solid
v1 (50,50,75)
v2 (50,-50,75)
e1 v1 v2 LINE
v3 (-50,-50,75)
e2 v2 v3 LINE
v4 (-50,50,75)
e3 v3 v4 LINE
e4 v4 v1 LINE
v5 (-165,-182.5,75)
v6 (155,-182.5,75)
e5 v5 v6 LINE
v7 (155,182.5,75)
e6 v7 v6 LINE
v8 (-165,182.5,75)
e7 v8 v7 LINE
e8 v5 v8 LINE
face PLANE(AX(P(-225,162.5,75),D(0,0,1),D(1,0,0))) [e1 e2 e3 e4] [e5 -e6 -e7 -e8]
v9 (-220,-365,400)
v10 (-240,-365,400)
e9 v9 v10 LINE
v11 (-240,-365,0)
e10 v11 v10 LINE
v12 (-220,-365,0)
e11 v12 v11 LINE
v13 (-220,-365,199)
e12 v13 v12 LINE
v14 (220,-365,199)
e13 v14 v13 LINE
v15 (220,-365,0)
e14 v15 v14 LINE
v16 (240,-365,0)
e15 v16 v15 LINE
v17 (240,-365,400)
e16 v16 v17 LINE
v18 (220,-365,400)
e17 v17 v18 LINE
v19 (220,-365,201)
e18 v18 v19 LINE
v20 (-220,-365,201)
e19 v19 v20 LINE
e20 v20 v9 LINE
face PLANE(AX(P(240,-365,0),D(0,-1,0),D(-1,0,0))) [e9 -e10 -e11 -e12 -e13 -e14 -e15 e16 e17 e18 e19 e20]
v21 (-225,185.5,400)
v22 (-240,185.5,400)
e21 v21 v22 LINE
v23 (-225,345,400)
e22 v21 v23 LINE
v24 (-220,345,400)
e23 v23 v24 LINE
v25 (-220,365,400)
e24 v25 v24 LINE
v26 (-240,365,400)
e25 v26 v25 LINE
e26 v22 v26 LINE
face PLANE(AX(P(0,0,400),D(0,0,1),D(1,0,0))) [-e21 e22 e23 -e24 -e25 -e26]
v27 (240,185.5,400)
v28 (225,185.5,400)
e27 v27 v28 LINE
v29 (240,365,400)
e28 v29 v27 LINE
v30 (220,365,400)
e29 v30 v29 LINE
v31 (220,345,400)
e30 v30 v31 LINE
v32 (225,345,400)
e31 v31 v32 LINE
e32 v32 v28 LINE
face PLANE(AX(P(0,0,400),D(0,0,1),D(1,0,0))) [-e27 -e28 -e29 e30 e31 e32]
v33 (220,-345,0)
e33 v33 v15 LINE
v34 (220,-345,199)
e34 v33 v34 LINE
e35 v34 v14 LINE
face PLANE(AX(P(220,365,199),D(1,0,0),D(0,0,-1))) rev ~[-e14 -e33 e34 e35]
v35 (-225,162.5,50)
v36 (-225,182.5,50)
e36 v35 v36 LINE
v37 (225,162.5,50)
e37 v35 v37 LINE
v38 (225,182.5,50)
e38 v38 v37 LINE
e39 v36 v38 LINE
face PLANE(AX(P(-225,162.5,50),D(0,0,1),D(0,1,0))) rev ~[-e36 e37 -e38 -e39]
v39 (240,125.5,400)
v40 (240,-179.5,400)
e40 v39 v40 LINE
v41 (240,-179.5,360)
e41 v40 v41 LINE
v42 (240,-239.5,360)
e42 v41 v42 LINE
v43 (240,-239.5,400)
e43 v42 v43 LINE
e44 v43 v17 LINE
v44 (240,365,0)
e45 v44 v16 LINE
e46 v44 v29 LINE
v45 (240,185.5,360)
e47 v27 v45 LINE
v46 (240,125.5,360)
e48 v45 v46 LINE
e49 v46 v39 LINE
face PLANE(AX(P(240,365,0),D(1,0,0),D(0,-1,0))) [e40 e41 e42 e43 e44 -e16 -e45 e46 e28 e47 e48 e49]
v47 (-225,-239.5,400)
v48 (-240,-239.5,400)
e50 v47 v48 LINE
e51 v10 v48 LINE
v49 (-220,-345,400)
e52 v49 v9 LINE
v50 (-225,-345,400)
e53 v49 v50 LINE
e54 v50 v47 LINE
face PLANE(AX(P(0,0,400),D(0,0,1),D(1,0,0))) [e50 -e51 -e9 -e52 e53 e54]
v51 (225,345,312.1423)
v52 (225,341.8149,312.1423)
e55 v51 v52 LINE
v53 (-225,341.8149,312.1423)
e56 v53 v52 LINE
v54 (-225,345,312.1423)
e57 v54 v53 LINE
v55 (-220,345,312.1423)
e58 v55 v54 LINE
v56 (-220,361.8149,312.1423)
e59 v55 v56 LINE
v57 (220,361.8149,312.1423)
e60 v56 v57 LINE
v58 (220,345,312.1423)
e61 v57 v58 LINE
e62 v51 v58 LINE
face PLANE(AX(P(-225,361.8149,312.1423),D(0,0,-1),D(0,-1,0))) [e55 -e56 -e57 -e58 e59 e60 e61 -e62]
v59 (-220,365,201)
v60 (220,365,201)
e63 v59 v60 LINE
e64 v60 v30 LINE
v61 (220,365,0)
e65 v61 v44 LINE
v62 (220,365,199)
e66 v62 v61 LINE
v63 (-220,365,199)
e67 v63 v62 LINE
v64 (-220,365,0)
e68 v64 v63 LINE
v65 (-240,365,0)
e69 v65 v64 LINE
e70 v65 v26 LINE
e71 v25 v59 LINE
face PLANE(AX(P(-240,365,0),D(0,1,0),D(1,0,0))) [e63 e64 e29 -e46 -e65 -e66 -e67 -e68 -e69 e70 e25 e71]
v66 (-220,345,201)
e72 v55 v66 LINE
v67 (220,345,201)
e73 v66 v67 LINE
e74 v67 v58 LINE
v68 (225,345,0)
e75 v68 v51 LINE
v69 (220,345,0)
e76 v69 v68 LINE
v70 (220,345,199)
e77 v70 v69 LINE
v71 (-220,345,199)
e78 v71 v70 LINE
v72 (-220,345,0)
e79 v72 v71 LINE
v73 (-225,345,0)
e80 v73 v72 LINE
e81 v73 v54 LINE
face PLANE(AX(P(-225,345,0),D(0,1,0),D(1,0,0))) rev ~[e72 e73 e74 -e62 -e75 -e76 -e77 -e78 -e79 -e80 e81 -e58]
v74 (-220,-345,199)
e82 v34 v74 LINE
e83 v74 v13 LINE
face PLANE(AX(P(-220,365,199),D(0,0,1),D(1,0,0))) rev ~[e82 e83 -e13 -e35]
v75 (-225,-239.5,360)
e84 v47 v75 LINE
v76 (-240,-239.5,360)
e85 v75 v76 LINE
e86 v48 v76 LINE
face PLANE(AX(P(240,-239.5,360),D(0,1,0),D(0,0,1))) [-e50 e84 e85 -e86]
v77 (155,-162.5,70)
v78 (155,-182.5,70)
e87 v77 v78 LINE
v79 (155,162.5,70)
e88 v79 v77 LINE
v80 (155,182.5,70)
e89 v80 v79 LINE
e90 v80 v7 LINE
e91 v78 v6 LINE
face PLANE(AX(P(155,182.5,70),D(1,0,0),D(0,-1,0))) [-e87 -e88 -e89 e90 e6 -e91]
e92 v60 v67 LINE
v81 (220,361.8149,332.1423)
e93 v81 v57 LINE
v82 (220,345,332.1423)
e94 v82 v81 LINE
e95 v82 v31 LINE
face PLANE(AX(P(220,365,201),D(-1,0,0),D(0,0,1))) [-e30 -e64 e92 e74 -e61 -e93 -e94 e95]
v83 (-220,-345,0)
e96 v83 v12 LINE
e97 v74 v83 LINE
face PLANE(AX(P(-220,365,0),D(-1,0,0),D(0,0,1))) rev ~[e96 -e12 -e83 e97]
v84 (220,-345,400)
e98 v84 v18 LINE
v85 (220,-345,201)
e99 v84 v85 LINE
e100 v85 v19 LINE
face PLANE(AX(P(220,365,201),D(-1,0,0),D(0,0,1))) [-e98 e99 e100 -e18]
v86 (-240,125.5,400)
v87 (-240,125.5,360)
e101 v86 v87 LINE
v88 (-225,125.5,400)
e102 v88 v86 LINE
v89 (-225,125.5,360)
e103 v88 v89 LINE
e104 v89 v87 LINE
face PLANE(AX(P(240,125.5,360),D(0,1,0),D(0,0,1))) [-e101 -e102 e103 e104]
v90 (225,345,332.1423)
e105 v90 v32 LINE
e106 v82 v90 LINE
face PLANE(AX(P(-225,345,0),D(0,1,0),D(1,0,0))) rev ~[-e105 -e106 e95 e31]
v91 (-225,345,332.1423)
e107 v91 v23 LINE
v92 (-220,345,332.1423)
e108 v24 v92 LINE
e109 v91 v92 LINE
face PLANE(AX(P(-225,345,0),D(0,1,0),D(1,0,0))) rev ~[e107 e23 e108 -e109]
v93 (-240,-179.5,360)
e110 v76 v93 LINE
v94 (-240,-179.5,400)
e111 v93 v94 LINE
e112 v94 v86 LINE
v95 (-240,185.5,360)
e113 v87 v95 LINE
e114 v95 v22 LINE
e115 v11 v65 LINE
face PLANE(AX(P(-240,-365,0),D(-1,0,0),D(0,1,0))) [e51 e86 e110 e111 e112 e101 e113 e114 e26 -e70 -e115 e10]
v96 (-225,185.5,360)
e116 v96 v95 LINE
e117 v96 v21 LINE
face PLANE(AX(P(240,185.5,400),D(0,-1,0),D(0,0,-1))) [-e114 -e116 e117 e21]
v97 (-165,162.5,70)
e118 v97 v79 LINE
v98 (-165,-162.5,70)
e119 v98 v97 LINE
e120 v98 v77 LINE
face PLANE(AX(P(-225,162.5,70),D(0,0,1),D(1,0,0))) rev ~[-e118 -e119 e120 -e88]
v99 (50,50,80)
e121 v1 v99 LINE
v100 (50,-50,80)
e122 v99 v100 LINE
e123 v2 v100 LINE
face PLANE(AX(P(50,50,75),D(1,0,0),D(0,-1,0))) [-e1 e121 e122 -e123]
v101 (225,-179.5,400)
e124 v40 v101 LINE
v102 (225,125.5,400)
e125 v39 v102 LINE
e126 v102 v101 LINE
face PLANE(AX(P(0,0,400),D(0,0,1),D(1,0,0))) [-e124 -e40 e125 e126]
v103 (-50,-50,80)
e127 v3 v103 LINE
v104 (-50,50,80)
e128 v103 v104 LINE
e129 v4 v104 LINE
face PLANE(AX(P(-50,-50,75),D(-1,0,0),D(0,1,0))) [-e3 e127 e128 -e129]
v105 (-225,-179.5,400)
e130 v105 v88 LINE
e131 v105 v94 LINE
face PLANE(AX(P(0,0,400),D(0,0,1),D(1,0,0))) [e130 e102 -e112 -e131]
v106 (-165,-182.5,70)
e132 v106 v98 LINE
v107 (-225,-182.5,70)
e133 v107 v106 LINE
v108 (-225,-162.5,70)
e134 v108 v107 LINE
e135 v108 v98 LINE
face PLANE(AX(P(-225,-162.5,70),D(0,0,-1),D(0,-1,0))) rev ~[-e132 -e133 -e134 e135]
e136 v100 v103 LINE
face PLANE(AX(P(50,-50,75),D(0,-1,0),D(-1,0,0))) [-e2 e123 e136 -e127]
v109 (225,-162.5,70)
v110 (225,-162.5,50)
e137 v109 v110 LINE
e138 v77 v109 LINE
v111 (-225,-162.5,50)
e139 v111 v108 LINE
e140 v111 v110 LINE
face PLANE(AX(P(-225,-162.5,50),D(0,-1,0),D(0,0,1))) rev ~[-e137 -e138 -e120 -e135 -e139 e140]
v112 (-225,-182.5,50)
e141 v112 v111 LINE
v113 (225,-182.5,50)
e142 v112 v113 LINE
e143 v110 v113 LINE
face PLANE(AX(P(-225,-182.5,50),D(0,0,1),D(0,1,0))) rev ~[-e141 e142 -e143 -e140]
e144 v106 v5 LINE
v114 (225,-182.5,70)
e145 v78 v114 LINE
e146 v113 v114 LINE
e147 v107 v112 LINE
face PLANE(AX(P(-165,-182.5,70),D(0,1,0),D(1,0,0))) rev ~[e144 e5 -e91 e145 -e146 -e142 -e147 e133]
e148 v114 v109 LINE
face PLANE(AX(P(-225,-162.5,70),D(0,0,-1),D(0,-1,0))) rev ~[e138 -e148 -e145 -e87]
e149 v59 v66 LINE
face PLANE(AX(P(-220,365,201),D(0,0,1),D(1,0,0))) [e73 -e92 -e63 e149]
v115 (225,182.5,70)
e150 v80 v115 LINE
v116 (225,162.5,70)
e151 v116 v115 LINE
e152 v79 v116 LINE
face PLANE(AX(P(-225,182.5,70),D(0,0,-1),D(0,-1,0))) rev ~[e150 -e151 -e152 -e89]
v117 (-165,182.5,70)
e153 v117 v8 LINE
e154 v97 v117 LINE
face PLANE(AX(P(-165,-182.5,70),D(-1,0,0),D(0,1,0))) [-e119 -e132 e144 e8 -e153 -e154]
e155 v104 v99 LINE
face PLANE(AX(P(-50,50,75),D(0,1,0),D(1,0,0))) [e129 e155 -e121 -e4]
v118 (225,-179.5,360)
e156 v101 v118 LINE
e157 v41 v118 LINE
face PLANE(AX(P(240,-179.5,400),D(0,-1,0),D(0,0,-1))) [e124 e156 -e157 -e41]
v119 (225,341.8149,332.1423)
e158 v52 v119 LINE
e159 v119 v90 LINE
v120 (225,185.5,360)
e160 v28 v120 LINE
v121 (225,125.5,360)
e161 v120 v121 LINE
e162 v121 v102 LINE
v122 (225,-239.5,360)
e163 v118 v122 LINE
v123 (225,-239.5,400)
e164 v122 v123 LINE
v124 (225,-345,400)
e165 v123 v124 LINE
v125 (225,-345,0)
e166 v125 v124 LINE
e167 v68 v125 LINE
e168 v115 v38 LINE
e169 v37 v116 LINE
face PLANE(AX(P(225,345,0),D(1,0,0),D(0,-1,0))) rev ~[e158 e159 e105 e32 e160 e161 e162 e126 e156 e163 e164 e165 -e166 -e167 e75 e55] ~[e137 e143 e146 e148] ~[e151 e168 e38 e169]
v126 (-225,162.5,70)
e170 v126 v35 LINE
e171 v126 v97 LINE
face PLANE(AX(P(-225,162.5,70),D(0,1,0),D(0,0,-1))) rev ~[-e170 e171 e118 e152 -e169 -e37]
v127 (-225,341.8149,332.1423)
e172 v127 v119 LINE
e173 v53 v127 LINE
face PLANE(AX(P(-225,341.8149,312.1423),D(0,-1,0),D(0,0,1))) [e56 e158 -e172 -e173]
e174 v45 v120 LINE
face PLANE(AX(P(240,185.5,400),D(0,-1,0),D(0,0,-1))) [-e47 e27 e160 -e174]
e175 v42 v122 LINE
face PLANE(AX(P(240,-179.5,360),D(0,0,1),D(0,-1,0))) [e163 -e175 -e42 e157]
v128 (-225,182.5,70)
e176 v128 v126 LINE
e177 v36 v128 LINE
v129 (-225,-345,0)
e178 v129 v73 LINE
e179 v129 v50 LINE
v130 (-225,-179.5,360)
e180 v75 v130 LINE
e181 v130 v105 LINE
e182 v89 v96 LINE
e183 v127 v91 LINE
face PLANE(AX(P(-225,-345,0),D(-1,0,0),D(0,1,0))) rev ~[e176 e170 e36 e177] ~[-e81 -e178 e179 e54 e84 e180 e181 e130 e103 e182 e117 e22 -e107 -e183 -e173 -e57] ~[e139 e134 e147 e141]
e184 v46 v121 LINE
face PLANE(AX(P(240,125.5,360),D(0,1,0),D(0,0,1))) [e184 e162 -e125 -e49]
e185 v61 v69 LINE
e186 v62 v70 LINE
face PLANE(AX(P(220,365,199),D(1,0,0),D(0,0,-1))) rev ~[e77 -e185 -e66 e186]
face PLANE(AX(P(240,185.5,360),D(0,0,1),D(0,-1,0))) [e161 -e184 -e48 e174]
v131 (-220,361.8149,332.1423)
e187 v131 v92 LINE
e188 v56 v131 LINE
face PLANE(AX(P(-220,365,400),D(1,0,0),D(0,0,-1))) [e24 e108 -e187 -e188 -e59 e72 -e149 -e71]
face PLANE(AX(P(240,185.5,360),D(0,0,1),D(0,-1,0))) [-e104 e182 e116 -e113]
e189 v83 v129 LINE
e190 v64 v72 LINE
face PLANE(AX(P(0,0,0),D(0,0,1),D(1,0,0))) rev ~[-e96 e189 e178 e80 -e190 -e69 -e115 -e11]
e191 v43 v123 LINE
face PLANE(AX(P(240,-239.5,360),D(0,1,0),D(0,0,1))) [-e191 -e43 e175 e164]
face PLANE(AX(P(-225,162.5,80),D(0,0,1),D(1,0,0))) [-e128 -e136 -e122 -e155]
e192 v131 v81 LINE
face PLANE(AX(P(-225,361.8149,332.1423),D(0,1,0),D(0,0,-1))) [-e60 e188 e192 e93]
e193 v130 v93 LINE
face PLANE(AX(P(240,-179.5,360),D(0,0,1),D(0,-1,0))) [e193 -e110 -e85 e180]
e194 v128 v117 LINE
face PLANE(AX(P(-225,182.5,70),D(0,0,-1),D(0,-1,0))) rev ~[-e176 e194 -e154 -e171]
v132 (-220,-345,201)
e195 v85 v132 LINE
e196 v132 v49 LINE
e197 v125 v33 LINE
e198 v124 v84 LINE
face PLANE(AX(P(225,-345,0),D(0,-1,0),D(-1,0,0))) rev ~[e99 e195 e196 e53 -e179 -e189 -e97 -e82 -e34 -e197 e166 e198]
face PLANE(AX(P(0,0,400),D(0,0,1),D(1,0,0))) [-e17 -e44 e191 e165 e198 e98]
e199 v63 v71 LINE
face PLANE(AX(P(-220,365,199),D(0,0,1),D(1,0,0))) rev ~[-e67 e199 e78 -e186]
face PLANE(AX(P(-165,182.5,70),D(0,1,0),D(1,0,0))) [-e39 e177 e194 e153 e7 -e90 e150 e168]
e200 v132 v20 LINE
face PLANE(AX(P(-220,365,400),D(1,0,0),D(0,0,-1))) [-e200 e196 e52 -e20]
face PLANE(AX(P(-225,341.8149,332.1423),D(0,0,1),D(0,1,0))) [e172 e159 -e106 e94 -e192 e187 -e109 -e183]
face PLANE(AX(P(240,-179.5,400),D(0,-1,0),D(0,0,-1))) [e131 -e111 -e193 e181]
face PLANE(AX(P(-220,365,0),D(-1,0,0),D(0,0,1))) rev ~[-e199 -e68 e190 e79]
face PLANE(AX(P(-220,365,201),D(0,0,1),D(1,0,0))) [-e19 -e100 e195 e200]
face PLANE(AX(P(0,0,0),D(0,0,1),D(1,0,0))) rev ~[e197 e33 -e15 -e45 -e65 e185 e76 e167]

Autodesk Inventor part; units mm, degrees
ref_plane "YZ Plane" through (0, 0, 0) normal (1, 0, 0) x (0, 1, 0)
ref_plane "XZ Plane" through (0, 0, 0) normal (0, 1, 0) x (-1, 0, 0)
ref_plane "XY Plane" through (0, 0, 0) normal (0, 0, 1) x (1, 0, 0)
sketch "Sketch1" plane through (0, 0, 0) normal (0, 0, 1) x (1, 0, 0)
  line L0 (-240, 365) -> (240, 365)
  line L1 (240, 365) -> (240, -365)
  line L2 (240, -365) -> (-240, -365)
  line L3 (-240, -365) -> (-240, 365)
  line L4 (-225, 345) -> (225, 345)
  line L5 (225, 345) -> (225, -345)
  line L6 (225, -345) -> (-225, -345)
  line L7 (-225, -345) -> (-225, 345)
  point P0 (0, 0)
  dimension "d0" = 480
  dimension "d1" = 730
  dimension "d2" = 450
  dimension "d3" = 690
extrude "Extrusion1" add sketch "Sketch1" along normal blind 400
sketch "Sketch2" plane through (-240, 365, 0) normal (0, 1, 0) x (1, 0, 0)
  line L0 (20, 0) -> (20, -199)
  line L1 (20, 0) -> (219, 0) construction
  line L2 (20, -199) -> (460, -199)
  line L3 (460, -199) -> (460, 0)
  line L4 (15, 0) -> (465, 0) projected
  line L5 (465, -400) -> (15, -400) projected
  line L6 (20, -400) -> (20, -201)
  line L7 (15, 0) -> (15, -400) projected
  line L8 (20, -201) -> (460, -201)
  line L9 (20, -201) -> (460, -201) construction
  line L10 (460, -201) -> (460, -400)
  point P0 (240, 0)
extrude "Extrusion2" cut sketch "Sketch2" against normal blind 740 contours L4 L3 L2 L0
sketch "Sketch3" plane through (-240, 365, 400) normal (0, 1, 0) x (1, 0, 0)
  line L0 (20, 0) -> (20, 199)
  line L1 (20, 199) -> (460, 199)
  line L2 (460, 199) -> (460, 0)
  line L3 (15, 0) -> (465, 0) projected
  point P0 (240, 400)
  dimension "d15" = 199
  dimension "d16" = 440
extrude "Extrusion3" cut sketch "Sketch3" against normal blind 740
sketch "Sketch8" plane through (-225, -345, 0) normal (1, 0, 0) x (0, 0, -1)
  line L0 (-50, 527.5) -> (-70, 527.5)
  line L1 (-70, 527.5) -> (-70, 507.5)
  line L2 (-70, 507.5) -> (-50, 507.5)
  line L3 (-50, 507.5) -> (-50, 527.5)
  point P0 (0, 345)
  point P1 (0, 345)
extrude "Extrusion6" add sketch "Sketch8" along normal blind 460
sketch "Sketch9" plane through (-225, -345, 0) normal (1, 0, 0) x (0, 0, -1)
  line L0 (-50, 182.5) -> (-70, 182.5)
  line L1 (-70, 182.5) -> (-70, 162.5)
  line L2 (-70, 162.5) -> (-50, 162.5)
  line L3 (-50, 162.5) -> (-50, 182.5)
  point P0 (0, 345)
extrude "Extrusion7" add sketch "Sketch9" along normal blind 460
sketch "Sketch11" plane through (240, -365, 0) normal (1, 0, 0) x (0, 0, -1)
  line L0 (-400, 730) -> (-400, 0) projected
  line L1 (-400, 20) -> (-400, 710) projected
  line L2 (-400, 185.5) -> (-360, 185.5)
  line L3 (-360, 185.5) -> (-360, 125.5)
  line L4 (-360, 125.5) -> (-400, 125.5)
  line L5 (-400, 125.5) -> (-400, 185.5)
  point P0 (0, 365)
  point P1 (-400, 365)
extrude "Extrusion8" cut sketch "Sketch11" against normal blind 500
sketch "Sketch12" plane through (240, -365, 0) normal (1, 0, 0) x (0, 0, -1)
  line L0 (-400, 710) -> (-400, 185.5) projected
  line L1 (-400, 550.5) -> (-360, 550.5)
  line L2 (-360, 550.5) -> (-360, 490.5)
  line L3 (-360, 490.5) -> (-400, 490.5)
  line L4 (-400, 490.5) -> (-400, 550.5)
  point P0 (0, 365)
  point P1 (-400, 365)
extrude "Extrusion9" cut sketch "Sketch12" against normal blind 500
sketch "Sketch13" plane through (240, -365, 0) normal (1, 0, 0) x (0, 0, -1)
  line L0 (-360, 490.5) -> (-360, 550.5) projected
  point P0 (0, 365)
sketch "Sketch14" plane through (240, -365, 0) normal (1, 0, 0) x (0, 0, -1)
  point P0 (0, 365)
sketch "Sketch15" plane through (240, -365, 0) normal (1, 0, 0) x (0, 0, -1)
  point P0 (0, 365)
sketch "Sketch16" plane through (240, -365, 0) normal (1, 0, 0) x (0, 0, -1)
  point P0 (0, 365)
sketch "Sketch17" plane through (-225, -345, 0) normal (1, 0, 0) x (0, 0, -1)
  line L0 (-332.1423, 706.8149) -> (-312.1423, 706.8149)
  line L1 (-312.1423, 706.8149) -> (-312.1423, 686.8149)
  line L2 (-312.1423, 686.8149) -> (-332.1423, 686.8149)
  line L3 (-332.1423, 686.8149) -> (-332.1423, 706.8149)
  point P0 (0, 345)
  dimension "d43" = 20
  dimension "d44" = 20
extrude "Extrusion10" add sketch "Sketch17" along normal blind 450
sketch "Sketch18" plane through (-225, 162.5, 70) normal (0, 0, 1) x (1, 0, 0)
  line L0 (0, 20) -> (450, 20) projected
  line L1 (0, -345) -> (450, -345) projected
  line L2 (60, 20) -> (380, 20)
  line L3 (380, 20) -> (380, -345)
  line L4 (380, -345) -> (60, -345)
  line L5 (60, -345) -> (60, 20)
  point P0 (225, -162.5)
  dimension "d47" = 320
extrude "Extrusion11" add sketch "Sketch18" along normal blind 5
sketch "Sketch19" plane through (-225, 162.5, 75) normal (0, 0, 1) x (1, 0, 0)
  line L0 (175, -112.5) -> (275, -112.5)
  line L1 (275, -112.5) -> (275, -212.5)
  line L2 (275, -212.5) -> (175, -212.5)
  line L3 (175, -212.5) -> (175, -112.5)
  point P0 (225, -162.5)
  dimension "d50" = 100
  dimension "d51" = 100
extrude "Extrusion12" add sketch "Sketch19" along normal blind 5
sketch "Sketch20" plane through (-225, 162.5, 80) normal (0, 0, 1) x (1, 0, 0)
  circle A0 centre (200, -162.5) radius 5.5
  point P0 (225, -162.5)
  dimension "d54" = 11
sketch "Sketch21" plane through (-225, 162.5, 80) normal (0, 0, 1) x (1, 0, 0)
  circle A0 centre (250, -162.5) radius 5.5
  point P0 (225, -162.5)
  dimension "d57" = 11
properties part number "stand2.0"
